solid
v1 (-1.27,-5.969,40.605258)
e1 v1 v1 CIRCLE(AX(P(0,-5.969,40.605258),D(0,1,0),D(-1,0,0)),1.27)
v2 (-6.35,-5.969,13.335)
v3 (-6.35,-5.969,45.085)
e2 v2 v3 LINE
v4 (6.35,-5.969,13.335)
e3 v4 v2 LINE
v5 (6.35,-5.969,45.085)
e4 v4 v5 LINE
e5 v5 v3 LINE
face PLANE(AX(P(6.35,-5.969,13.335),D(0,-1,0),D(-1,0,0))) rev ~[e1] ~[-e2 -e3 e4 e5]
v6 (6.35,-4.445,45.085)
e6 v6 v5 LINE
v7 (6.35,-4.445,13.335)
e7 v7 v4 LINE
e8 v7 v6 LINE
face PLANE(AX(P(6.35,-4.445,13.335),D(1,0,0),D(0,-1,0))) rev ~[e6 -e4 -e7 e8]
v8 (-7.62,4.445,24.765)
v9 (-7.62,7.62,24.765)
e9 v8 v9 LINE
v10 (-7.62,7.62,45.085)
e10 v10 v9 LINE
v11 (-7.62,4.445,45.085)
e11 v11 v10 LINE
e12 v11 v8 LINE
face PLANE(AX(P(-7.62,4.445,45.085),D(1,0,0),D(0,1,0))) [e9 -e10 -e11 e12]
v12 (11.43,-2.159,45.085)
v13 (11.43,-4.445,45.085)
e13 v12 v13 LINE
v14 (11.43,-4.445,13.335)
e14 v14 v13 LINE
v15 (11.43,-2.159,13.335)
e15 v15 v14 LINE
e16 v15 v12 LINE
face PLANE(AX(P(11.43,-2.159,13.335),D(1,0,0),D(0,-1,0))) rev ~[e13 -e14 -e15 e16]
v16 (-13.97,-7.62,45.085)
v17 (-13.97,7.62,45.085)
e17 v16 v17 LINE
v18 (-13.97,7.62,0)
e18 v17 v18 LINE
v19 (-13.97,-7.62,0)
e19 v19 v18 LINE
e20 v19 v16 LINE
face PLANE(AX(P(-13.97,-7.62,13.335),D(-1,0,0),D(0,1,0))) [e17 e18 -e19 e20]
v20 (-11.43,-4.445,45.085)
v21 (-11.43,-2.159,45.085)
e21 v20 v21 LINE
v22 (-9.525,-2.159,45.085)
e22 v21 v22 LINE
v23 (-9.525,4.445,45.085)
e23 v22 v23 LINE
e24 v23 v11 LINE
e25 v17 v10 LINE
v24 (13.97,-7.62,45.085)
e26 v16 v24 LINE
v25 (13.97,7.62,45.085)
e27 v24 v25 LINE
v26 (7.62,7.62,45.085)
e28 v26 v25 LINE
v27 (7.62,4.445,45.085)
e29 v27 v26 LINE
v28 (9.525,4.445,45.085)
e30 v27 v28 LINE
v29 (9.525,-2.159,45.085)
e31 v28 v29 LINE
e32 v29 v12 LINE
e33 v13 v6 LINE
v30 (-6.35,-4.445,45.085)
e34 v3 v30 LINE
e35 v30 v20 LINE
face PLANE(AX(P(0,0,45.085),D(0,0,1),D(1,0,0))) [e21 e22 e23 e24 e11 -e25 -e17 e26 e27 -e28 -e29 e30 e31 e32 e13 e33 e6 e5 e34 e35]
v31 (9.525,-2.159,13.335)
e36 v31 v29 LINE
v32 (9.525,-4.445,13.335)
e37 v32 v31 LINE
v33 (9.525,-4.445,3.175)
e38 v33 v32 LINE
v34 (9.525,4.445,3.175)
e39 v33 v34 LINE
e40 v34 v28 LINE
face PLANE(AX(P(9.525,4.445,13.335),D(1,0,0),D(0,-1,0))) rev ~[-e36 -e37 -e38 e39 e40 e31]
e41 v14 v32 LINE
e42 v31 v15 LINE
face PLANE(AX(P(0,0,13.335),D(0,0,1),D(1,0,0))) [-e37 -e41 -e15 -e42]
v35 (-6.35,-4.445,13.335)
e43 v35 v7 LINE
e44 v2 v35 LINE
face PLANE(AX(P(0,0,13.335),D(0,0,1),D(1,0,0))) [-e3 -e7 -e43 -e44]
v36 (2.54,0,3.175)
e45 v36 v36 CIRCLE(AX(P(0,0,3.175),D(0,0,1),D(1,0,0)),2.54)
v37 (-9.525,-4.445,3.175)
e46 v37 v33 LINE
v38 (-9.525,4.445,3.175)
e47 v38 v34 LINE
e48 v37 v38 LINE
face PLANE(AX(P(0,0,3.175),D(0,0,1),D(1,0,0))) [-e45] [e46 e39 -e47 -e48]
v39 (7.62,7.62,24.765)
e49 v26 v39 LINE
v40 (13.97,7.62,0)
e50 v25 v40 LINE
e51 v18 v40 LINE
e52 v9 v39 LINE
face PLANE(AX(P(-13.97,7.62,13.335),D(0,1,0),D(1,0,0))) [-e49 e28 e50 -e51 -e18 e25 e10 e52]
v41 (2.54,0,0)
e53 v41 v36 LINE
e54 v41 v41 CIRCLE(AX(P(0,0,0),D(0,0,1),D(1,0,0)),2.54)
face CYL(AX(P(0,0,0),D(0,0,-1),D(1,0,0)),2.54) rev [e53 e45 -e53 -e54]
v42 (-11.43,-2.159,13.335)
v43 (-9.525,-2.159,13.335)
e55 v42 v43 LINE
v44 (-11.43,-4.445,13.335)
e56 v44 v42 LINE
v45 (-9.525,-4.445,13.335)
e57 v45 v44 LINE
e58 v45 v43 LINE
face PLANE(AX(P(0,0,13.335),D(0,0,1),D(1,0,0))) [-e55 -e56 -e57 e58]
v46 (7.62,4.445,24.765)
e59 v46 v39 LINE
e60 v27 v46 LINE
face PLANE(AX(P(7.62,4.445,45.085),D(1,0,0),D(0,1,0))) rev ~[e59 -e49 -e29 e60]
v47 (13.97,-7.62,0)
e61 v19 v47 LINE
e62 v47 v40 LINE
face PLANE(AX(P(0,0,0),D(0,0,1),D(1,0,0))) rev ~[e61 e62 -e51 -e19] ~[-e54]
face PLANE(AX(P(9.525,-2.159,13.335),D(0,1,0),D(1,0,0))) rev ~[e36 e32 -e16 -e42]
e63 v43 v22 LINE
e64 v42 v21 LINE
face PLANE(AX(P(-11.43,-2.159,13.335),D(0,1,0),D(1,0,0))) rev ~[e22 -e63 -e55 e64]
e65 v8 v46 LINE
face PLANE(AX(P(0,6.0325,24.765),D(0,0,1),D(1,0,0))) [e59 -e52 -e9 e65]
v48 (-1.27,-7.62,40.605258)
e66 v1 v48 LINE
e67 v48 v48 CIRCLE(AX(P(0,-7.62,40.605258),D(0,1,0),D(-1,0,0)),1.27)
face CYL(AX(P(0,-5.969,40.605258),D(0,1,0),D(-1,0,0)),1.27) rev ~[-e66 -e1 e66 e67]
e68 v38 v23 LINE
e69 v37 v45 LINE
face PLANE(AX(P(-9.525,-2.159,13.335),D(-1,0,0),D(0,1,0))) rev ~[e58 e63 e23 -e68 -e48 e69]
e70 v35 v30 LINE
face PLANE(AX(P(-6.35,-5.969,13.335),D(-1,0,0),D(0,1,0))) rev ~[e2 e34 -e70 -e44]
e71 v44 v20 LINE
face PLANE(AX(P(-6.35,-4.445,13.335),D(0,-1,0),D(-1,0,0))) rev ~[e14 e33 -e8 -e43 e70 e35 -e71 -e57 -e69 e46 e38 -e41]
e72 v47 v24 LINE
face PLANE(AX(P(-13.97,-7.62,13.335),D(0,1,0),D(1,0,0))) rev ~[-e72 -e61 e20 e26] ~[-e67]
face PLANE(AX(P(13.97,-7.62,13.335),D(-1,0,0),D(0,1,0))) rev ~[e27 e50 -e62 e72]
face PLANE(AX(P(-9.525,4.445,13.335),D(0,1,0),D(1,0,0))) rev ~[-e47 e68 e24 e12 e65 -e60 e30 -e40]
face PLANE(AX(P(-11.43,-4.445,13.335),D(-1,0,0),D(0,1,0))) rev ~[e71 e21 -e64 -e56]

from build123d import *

# Parameters (mm, degrees)
F0_W     = 27.94
F0_H     = 15.24
F0_R     = 2.54
F1_DEPTH = 3.175
F2_W     = 27.94
F2_H     = 15.24
F2_W_2   = 19.05
F2_H_2   = 8.89
F3_DEPTH = 10.16
F4_W     = 27.94
F4_H     = 15.24
F5_DEPTH = 31.75
F6_W     = 15.24
F6_H     = 3.175
F7_DEPTH = 20.32
F8_R     = 1.27
F9_DEPTH = 1.651


with BuildPart() as f1:
    # F0 (on Top) → F1 (new body)
    with BuildSketch(Plane.XY):
        Rectangle(F0_W, F0_H)
        Circle(F0_R, mode=Mode.SUBTRACT)
    extrude(amount=F1_DEPTH)

    # F2 (on face) → F3 (join)
    with BuildSketch(Plane.XY.offset(3.175)):
        Rectangle(F2_W, F2_H)
        Rectangle(F2_W_2, F2_H_2, mode=Mode.SUBTRACT)
    extrude(amount=F3_DEPTH)

    # F4 (on face) → F5 (join)
    with BuildSketch(Plane.XY.offset(13.335)):
        Rectangle(F4_W, F4_H)
        Polygon((-9.525, -4.445), (-11.43, -4.445), (-11.43, -2.159), (-9.525, -2.159), (-9.525, 4.445), (9.525, 4.445), (9.525, -2.159), (11.43, -2.159), (11.43, -4.445), (9.525, -4.445), (6.35, -4.445), (6.35, -5.969), (-6.35, -5.969), (-6.35, -4.445), align=None, mode=Mode.SUBTRACT)
    extrude(amount=F5_DEPTH)

    # F6 (on face) → F7 (cut)
    with BuildSketch(Plane.XY.offset(45.085)):
        with Locations((0, 6.0325)):
            Rectangle(F6_W, F6_H)
    extrude(amount=-F7_DEPTH, mode=Mode.SUBTRACT)

    # F8 (on face) → F9 (cut, through all)
    with BuildSketch(Plane(origin=(0, -5.969, 0), x_dir=(-1, 0, 0), z_dir=(0, 1, 0))):
        with Locations((0, 40.6052581966)):
            Circle(F8_R)
    extrude(amount=-F9_DEPTH, mode=Mode.SUBTRACT)


solid = f1.part
